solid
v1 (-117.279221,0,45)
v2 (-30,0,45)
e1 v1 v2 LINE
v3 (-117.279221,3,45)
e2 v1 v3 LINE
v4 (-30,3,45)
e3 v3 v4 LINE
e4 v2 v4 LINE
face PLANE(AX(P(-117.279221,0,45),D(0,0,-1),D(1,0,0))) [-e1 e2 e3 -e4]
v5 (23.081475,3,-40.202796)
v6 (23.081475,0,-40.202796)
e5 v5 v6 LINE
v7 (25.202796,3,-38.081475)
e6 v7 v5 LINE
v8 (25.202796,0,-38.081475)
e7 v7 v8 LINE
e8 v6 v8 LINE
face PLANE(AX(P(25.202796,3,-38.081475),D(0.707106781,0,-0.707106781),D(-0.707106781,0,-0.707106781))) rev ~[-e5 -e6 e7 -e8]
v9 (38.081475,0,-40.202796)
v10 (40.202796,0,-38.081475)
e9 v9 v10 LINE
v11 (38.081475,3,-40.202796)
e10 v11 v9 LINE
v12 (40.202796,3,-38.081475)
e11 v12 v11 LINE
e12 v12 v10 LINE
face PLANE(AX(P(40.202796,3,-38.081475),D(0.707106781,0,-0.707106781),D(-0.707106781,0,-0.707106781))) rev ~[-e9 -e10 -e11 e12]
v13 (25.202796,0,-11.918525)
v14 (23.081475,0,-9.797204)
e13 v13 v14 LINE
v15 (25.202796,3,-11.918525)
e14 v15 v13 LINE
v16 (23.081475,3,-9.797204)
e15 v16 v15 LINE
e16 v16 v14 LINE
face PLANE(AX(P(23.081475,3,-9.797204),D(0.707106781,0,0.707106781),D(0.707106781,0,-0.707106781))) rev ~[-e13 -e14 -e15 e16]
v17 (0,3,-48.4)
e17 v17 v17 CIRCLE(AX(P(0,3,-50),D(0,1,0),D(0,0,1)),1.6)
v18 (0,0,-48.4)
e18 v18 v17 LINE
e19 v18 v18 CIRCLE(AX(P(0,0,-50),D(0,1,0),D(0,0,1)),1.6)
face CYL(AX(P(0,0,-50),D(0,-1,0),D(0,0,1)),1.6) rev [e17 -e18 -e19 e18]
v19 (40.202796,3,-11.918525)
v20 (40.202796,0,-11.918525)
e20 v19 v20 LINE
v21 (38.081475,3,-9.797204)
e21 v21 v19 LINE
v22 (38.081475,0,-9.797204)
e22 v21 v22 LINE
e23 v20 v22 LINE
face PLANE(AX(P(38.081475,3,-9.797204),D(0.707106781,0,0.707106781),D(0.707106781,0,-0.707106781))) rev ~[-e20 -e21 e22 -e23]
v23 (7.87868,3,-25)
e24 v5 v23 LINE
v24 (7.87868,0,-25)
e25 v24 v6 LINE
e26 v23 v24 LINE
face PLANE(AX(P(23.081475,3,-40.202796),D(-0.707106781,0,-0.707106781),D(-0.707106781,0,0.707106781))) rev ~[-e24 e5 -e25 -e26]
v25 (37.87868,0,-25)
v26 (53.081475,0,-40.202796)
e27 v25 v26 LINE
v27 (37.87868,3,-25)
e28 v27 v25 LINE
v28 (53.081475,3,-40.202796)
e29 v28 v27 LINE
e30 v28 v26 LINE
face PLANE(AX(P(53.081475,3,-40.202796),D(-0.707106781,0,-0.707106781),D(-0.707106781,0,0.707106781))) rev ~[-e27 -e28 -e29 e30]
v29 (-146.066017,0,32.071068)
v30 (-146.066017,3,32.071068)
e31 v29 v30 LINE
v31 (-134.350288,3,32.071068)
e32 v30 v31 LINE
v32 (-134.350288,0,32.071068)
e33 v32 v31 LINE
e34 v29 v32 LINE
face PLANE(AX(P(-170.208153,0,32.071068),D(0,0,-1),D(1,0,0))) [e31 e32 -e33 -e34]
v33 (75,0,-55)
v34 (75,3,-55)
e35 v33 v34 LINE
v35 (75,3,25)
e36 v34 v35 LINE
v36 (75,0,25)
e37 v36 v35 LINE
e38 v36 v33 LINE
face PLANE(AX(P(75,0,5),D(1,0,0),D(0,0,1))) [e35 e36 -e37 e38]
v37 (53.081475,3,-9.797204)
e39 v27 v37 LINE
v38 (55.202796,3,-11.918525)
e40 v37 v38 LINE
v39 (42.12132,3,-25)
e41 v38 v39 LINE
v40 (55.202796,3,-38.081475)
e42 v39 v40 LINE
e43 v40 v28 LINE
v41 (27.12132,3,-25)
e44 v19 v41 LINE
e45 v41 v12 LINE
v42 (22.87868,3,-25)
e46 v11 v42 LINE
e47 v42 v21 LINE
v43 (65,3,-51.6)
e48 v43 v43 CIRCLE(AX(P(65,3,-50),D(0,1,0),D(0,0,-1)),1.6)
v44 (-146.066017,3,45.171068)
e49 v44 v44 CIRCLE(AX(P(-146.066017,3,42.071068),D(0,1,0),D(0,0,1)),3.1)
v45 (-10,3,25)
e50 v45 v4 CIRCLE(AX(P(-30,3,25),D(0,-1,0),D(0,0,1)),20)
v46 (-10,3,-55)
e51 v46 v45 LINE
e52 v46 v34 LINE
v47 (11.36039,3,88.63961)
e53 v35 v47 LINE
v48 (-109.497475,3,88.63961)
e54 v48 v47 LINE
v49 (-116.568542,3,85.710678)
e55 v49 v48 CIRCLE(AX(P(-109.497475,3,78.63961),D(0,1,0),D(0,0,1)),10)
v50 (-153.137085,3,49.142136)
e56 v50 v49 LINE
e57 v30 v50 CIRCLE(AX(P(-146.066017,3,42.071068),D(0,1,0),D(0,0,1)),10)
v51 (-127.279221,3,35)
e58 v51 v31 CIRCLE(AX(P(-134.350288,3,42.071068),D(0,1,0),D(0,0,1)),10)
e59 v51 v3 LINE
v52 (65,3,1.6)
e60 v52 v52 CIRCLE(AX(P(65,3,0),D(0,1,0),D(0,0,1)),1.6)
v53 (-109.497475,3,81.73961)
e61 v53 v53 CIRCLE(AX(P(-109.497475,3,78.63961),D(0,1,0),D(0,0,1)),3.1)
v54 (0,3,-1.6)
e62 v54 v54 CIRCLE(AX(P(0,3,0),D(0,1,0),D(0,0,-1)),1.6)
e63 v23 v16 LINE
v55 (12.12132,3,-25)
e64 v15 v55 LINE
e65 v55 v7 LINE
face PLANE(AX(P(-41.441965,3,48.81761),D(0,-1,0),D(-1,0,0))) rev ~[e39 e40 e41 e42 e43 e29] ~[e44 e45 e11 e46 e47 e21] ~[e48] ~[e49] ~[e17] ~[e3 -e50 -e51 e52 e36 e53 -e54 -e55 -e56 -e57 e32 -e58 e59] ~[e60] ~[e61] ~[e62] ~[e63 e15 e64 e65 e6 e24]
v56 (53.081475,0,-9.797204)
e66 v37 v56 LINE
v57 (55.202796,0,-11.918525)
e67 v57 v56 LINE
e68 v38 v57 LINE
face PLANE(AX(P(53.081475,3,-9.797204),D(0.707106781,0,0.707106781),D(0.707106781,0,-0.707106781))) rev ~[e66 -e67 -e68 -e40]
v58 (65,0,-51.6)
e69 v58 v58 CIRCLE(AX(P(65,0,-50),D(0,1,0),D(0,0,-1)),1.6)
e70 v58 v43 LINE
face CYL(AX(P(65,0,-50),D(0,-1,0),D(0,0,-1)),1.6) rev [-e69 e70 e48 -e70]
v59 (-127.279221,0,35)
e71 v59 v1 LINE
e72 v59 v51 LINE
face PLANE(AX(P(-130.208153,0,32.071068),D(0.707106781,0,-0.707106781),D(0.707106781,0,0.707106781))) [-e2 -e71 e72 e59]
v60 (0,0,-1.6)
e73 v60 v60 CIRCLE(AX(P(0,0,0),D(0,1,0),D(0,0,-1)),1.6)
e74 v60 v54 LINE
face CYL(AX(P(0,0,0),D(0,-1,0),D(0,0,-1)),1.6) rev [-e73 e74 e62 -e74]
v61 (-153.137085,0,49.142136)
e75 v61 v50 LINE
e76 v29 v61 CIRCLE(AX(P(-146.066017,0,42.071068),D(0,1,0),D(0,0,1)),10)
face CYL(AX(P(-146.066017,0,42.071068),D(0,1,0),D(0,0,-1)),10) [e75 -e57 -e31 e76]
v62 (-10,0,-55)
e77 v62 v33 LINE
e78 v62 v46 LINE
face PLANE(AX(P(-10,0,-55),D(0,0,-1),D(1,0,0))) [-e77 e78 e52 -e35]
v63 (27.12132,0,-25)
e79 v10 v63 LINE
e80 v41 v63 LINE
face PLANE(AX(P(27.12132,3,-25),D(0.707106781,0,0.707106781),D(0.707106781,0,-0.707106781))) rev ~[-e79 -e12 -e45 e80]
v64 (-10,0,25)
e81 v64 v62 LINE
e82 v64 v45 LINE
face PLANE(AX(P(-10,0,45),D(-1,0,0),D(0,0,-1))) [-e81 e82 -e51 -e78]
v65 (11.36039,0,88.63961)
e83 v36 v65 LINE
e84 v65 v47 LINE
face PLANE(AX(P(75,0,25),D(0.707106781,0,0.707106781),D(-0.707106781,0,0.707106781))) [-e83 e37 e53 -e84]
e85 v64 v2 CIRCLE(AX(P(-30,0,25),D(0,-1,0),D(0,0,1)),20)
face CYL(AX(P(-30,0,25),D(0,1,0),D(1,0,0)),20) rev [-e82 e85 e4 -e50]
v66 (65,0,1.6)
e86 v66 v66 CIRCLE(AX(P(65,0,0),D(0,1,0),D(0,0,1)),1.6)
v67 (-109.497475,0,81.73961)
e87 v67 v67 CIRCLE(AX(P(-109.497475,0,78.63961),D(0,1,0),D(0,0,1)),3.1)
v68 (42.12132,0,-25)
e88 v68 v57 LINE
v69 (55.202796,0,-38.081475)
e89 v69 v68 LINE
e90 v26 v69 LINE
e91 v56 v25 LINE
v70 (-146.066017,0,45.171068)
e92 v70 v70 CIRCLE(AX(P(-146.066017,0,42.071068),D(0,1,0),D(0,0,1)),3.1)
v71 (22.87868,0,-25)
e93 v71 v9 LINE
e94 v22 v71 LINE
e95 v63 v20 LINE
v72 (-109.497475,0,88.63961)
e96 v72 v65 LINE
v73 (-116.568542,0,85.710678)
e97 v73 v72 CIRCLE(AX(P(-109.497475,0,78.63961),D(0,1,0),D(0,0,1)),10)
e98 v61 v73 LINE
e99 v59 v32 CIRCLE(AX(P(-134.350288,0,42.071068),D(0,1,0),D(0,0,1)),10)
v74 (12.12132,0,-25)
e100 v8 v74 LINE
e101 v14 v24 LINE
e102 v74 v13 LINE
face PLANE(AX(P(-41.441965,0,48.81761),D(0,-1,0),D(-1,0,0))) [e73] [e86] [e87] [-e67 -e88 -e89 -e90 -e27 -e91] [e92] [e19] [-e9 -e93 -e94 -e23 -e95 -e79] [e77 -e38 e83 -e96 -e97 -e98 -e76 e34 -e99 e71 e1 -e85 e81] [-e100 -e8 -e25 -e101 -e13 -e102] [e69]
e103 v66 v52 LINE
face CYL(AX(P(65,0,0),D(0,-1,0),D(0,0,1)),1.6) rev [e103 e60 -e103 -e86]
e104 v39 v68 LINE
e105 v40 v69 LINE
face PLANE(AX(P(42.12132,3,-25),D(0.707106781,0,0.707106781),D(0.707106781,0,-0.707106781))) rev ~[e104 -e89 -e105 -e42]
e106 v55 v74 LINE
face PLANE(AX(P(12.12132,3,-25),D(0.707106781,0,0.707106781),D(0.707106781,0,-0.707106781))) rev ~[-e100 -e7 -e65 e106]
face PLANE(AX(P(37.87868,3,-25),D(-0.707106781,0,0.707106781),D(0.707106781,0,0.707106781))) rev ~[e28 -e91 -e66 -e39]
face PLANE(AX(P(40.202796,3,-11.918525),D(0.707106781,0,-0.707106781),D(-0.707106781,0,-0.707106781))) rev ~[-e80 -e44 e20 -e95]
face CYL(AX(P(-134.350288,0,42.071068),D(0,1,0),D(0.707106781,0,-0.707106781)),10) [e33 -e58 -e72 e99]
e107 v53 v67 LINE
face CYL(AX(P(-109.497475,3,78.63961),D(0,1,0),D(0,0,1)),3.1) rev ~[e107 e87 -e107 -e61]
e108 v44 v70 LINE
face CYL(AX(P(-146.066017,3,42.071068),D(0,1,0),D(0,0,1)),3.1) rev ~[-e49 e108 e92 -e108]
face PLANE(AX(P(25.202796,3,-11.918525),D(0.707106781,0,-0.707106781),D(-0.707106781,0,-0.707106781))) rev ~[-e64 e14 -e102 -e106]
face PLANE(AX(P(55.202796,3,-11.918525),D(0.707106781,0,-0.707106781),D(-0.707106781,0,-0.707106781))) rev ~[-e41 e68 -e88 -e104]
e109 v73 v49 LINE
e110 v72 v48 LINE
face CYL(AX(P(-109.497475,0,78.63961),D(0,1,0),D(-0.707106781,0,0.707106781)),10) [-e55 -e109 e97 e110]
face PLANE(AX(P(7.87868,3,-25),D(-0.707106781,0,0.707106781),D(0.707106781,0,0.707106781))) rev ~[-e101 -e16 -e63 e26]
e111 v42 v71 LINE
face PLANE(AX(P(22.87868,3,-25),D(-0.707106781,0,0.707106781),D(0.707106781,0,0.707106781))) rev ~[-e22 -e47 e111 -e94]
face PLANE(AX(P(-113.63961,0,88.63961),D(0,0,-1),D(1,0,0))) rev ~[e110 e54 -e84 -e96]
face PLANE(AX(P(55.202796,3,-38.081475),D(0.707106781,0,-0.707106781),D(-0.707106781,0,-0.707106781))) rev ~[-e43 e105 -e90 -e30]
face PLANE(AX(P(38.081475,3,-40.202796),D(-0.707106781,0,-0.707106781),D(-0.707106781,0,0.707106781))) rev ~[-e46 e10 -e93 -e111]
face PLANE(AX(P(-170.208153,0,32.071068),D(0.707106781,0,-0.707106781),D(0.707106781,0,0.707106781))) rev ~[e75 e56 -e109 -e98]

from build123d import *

# Parameters (mm, degrees)
SKETCH_1_W            = 85
SKETCH_1_H            = 60
SKETCH_1_R            = 1.6
EXTRUDE_1_DEPTH       = 3
EXTRUDE_2_DEPTH       = 3
FILLET_1_R            = 20
FILLET_3_R            = 10
SKETCH_4_R            = 3.1
CUT_EXTRUDE_1_DEPTH   = 10
CUT_EXTRUDE_1_2_DEPTH = 10


with BuildPart() as part:
    # 草图1 → 凸台-拉伸1 (new body)
    with BuildSketch(Plane(origin=(0, 0, 0), x_dir=(1, 0, 0), z_dir=(0, 1, 0))):
        with Locations((32.5, 25)):
            Rectangle(SKETCH_1_W, SKETCH_1_H)
        with Locations(Location((0, 50, 0), (0, 0, 270))):
            Circle(SKETCH_1_R, mode=Mode.SUBTRACT)
        with Locations(Location((65, 50, 0), (0, 0, 90))):
            Circle(SKETCH_1_R, mode=Mode.SUBTRACT)
        with Locations(Location((65, 0, 0), (0, 0, 270))):
            Circle(SKETCH_1_R, mode=Mode.SUBTRACT)
        with Locations(Location((0, 0, 0), (0, 0, 90))):
            Circle(SKETCH_1_R, mode=Mode.SUBTRACT)
    extrude(amount=EXTRUDE_1_DEPTH)

    # 草图2 → 凸台-拉伸2 (add)
    with BuildSketch(Plane(origin=(0, 0, 0), x_dir=(1, 0, 0), z_dir=(0, 1, 0))):
        Polygon((-10, -5), (75, -5), (75, -25), (11.360389693, -88.639610307), (-58.172444533, -88.639610307), (-113.639610307, -88.639610307), (-157.279220614, -45), (-170.208152802, -32.071067812), (-130.208152802, -32.071067812), (-117.279220614, -45), (-10, -45), align=None)
    extrude(amount=EXTRUDE_2_DEPTH)

    # 圆角1
    fillet_1_edges = [part.edges().sort_by_distance(p)[0] for p in [
        (-10, 1.5, 45),
    ]]
    fillet(fillet_1_edges, radius=FILLET_1_R)

    # 圆角3
    fillet_3_edges = [part.edges().sort_by_distance(p)[0] for p in [
        (-130.208152802, 1.5, 32.071067812),
        (-170.208152802, 1.5, 32.071067812),
        (-113.639610307, 1.5, 88.639610307),
    ]]
    fillet(fillet_3_edges, radius=FILLET_3_R)

    # 草图4 → Cut-Extrude 1 (cut)
    with BuildSketch(Plane(origin=(0, 3, 0), x_dir=(1, 0, 0), z_dir=(0, 1, 0))):
        with Locations(Location((-146.066017178, -42.071067812, 0), (0, 0, 270))):
            Circle(SKETCH_4_R)
        with Locations(Location((-109.497474683, -78.639610307, 0), (0, 0, 270))):
            Circle(SKETCH_4_R)
    extrude(amount=-CUT_EXTRUDE_1_DEPTH, mode=Mode.SUBTRACT)

    # 草图5 → Cut-Extrude 1 2 (cut)
    with BuildSketch(Plane(origin=(0, 3, 0), x_dir=(1, 0, 0), z_dir=(0, 1, 0))):
        Polygon((25.202795796, 11.918524548), (12.121320344, 25), (25.202795796, 38.081475452), (23.081475452, 40.202795796), (7.878679656, 25), (23.081475452, 9.797204204), align=None)
        Polygon((40.202795796, 11.918524548), (27.121320344, 25), (40.202795796, 38.081475452), (38.081475452, 40.202795796), (22.878679656, 25), (38.081475452, 9.797204204), align=None)
        Polygon((55.202795796, 11.918524548), (42.121320344, 25), (55.202795796, 38.081475452), (53.081475452, 40.202795796), (37.878679656, 25), (53.081475452, 9.797204204), align=None)
    extrude(amount=-CUT_EXTRUDE_1_2_DEPTH, mode=Mode.SUBTRACT)


solid = part.part
